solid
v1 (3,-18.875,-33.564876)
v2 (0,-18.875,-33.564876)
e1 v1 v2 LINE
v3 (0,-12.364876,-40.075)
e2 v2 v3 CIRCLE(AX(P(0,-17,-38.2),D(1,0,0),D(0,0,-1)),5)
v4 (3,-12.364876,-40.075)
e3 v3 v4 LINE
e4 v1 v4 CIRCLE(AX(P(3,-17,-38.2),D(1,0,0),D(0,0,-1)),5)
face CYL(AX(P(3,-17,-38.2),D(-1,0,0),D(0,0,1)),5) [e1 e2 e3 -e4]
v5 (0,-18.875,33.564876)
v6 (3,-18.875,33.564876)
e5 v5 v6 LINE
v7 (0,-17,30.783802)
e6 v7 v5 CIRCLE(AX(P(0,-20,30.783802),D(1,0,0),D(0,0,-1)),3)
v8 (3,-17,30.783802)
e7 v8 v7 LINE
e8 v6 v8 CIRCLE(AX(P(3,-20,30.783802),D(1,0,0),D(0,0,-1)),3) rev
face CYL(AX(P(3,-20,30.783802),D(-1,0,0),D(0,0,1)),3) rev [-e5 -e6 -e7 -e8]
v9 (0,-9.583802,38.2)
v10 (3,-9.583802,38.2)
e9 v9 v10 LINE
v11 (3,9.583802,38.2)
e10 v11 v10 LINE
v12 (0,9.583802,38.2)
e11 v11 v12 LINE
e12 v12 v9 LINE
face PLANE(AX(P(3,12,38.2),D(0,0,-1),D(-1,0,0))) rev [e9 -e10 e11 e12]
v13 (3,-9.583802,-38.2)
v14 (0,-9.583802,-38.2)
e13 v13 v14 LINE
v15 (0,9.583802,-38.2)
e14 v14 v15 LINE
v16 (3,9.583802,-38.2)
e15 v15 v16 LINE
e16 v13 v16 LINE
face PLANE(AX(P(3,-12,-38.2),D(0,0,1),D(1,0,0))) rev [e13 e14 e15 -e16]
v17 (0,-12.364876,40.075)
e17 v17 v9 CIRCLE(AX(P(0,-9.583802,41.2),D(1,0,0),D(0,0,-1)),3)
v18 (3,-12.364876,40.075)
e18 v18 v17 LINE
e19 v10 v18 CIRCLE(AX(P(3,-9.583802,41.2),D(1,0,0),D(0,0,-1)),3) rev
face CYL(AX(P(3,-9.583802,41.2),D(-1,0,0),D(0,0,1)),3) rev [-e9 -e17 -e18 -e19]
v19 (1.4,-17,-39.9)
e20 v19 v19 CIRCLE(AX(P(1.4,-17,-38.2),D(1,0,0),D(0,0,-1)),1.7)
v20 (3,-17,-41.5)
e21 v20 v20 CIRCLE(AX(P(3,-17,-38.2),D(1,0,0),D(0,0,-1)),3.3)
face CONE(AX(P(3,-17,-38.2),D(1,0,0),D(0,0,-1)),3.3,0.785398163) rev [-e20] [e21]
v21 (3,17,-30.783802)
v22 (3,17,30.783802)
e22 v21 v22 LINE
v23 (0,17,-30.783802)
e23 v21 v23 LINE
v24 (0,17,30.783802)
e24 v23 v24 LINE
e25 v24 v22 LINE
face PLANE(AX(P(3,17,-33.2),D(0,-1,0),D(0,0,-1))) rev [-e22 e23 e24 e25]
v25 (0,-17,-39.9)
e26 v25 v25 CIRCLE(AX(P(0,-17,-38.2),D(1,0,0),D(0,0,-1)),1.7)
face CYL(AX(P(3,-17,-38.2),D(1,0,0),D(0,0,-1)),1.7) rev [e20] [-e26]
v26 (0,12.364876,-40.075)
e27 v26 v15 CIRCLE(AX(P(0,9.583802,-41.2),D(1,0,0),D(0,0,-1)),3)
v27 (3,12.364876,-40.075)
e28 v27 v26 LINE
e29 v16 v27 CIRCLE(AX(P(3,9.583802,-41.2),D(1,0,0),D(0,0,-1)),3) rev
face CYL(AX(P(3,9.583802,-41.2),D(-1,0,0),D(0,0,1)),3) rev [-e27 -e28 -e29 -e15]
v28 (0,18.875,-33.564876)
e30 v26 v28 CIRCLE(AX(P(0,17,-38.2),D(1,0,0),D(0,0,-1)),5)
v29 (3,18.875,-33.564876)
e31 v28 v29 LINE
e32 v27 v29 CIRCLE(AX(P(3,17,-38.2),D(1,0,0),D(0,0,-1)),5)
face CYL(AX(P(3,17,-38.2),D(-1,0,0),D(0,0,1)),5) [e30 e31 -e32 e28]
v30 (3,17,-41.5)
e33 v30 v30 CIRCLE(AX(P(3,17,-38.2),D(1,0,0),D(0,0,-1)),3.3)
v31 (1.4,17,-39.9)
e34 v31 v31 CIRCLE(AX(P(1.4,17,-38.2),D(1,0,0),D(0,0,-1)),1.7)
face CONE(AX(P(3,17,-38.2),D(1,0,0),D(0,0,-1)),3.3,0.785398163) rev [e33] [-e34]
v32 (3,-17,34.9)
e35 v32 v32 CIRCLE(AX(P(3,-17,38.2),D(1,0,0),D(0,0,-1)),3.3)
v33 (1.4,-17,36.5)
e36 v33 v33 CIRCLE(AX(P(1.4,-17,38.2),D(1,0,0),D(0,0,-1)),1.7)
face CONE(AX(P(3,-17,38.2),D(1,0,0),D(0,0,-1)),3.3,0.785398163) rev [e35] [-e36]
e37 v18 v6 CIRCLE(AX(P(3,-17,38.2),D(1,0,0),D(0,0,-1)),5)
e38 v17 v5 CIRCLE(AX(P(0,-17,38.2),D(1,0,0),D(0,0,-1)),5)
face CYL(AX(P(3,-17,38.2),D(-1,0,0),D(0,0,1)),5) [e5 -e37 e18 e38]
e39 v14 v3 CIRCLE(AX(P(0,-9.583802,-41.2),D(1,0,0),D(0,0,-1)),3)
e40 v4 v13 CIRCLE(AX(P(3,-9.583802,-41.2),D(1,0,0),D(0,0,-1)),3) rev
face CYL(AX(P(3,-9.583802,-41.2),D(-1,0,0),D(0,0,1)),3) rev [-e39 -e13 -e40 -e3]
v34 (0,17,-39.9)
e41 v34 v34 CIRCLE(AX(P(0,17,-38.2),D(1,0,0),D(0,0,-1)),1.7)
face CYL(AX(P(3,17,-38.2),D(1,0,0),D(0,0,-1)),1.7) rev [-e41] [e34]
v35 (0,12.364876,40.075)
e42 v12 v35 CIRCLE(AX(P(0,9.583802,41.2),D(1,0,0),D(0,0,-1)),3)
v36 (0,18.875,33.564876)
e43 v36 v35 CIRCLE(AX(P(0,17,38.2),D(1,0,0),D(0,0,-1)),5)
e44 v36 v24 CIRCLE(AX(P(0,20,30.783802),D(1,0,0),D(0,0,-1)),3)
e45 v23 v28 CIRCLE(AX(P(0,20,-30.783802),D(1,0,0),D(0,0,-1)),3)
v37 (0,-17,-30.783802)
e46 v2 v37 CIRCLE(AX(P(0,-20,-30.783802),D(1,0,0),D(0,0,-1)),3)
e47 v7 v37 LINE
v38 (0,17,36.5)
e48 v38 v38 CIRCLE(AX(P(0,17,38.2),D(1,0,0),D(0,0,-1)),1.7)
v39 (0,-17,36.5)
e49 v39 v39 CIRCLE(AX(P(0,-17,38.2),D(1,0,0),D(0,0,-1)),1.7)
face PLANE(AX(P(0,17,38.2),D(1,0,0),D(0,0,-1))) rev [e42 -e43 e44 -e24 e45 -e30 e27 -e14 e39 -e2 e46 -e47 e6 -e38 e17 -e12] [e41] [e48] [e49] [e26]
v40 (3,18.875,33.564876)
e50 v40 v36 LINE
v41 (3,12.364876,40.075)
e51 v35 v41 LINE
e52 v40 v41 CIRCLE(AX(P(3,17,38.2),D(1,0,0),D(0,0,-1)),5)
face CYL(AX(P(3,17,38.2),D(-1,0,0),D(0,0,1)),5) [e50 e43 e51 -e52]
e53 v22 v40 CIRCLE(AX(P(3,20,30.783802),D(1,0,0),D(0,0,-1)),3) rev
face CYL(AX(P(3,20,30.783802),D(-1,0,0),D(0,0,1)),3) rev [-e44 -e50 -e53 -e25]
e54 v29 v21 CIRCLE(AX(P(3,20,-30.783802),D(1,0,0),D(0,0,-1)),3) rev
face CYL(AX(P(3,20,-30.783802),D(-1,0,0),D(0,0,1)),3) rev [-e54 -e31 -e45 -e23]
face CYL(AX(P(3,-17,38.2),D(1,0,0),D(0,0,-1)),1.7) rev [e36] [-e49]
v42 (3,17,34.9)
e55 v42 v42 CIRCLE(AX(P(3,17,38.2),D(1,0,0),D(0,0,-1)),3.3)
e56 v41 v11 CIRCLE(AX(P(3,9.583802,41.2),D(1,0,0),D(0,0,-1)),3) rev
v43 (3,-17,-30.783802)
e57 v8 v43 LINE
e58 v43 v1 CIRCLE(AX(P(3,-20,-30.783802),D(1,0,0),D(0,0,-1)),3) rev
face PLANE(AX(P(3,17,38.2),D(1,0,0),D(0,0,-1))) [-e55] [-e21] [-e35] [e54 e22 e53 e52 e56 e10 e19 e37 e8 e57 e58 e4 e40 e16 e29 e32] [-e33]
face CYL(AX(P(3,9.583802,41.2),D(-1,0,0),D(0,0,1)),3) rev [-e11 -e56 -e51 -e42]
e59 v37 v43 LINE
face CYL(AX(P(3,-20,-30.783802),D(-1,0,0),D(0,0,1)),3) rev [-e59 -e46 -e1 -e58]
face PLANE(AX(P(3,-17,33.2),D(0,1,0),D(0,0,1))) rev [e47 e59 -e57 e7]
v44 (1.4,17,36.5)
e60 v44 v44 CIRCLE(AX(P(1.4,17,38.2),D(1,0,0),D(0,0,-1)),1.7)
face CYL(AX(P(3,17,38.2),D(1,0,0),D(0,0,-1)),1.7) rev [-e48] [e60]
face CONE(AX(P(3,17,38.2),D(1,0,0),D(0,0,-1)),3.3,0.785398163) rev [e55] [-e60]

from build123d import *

# Parameters (mm, degrees)
EXTRUDE_1_DEPTH          = 3
FILLET_1_R               = 3
HOLE_WIZARD_1_AT_2_COUNT = 2
HOLE_WIZARD_1_AT_2_PITCH = 34
HOLE_WIZARD_1_AT_3_COUNT = 2
HOLE_WIZARD_1_AT_3_PITCH = 83.623920023
HOLE_WIZARD_1_AT_4_COUNT = 2
HOLE_WIZARD_1_AT_4_PITCH = 76.4


with BuildPart() as part:
    # 草图1 → 凸台-拉伸1 (new body)
    with BuildSketch(Plane(origin=(0, 0, 0), x_dir=(0, 0, -1), z_dir=(1, 0, 0))):
        with BuildLine():
            Line((-38.2, 12), (-38.2, -12))
            ThreePointArc((-38.2, -12), (-41.735533906, -20.535533906), (-33.2, -17))
            Line((-33.2, -17), (33.2, -17))
            ThreePointArc((33.2, -17), (41.735533906, -20.535533906), (38.2, -12))
            Line((38.2, -12), (38.2, 12))
            ThreePointArc((38.2, 12), (41.735533906, 20.535533906), (33.2, 17))
            Line((33.2, 17), (-33.2, 17))
            ThreePointArc((-33.2, 17), (-41.735533906, 20.535533906), (-38.2, 12))
        make_face()
    extrude(amount=EXTRUDE_1_DEPTH)

    # 圆角1
    fillet_1_edges = [part.edges().sort_by_distance(p)[0] for p in [
        (1.5, 17, 33.2),
        (1.5, 17, -33.2),
        (1.5, 12, -38.2),
        (1.5, -12, -38.2),
        (1.5, -17, -33.2),
        (1.5, -17, 33.2),
        (1.5, -12, 38.2),
        (1.5, 12, 38.2),
    ]]
    fillet(fillet_1_edges, radius=FILLET_1_R)

    # 草图2 → 打孔尺寸(%根据十字)槽半沉头木螺钉的类型1 (revolve, cut)
    with BuildSketch(Plane(origin=(3, 17, 38.2), x_dir=(0, 0, -1), z_dir=(0, 1, 0))):
        Polygon((0, 0), (0, 3), (1.7, 3), (1.7, 1.6), (3.3, 0), align=None)
    hole_wizard_1 = revolve(axis=Axis((9.35, 17, 38.2), (-1, 0, 0)), mode=Mode.SUBTRACT)

    # 打孔尺寸(%根据十字)槽半沉头木螺钉的类型1 at 2: 打孔尺寸(%根据十字)槽半沉头木螺钉的类型1 ×2
    with Locations(*[(0, -i * HOLE_WIZARD_1_AT_2_PITCH, 0) for i in range(1, HOLE_WIZARD_1_AT_2_COUNT)]):
        add(hole_wizard_1, mode=Mode.SUBTRACT)

    # 打孔尺寸(%根据十字)槽半沉头木螺钉的类型1 at 3: 打孔尺寸(%根据十字)槽半沉头木螺钉的类型1 ×2
    with Locations(*[Vector(0, -0.406582231, -0.913614191) * (i * HOLE_WIZARD_1_AT_3_PITCH) for i in range(1, HOLE_WIZARD_1_AT_3_COUNT)]):
        add(hole_wizard_1, mode=Mode.SUBTRACT)

    # 打孔尺寸(%根据十字)槽半沉头木螺钉的类型1 at 4: 打孔尺寸(%根据十字)槽半沉头木螺钉的类型1 ×2
    with Locations(*[(0, 0, -i * HOLE_WIZARD_1_AT_4_PITCH) for i in range(1, HOLE_WIZARD_1_AT_4_COUNT)]):
        add(hole_wizard_1, mode=Mode.SUBTRACT)


solid = part.part
